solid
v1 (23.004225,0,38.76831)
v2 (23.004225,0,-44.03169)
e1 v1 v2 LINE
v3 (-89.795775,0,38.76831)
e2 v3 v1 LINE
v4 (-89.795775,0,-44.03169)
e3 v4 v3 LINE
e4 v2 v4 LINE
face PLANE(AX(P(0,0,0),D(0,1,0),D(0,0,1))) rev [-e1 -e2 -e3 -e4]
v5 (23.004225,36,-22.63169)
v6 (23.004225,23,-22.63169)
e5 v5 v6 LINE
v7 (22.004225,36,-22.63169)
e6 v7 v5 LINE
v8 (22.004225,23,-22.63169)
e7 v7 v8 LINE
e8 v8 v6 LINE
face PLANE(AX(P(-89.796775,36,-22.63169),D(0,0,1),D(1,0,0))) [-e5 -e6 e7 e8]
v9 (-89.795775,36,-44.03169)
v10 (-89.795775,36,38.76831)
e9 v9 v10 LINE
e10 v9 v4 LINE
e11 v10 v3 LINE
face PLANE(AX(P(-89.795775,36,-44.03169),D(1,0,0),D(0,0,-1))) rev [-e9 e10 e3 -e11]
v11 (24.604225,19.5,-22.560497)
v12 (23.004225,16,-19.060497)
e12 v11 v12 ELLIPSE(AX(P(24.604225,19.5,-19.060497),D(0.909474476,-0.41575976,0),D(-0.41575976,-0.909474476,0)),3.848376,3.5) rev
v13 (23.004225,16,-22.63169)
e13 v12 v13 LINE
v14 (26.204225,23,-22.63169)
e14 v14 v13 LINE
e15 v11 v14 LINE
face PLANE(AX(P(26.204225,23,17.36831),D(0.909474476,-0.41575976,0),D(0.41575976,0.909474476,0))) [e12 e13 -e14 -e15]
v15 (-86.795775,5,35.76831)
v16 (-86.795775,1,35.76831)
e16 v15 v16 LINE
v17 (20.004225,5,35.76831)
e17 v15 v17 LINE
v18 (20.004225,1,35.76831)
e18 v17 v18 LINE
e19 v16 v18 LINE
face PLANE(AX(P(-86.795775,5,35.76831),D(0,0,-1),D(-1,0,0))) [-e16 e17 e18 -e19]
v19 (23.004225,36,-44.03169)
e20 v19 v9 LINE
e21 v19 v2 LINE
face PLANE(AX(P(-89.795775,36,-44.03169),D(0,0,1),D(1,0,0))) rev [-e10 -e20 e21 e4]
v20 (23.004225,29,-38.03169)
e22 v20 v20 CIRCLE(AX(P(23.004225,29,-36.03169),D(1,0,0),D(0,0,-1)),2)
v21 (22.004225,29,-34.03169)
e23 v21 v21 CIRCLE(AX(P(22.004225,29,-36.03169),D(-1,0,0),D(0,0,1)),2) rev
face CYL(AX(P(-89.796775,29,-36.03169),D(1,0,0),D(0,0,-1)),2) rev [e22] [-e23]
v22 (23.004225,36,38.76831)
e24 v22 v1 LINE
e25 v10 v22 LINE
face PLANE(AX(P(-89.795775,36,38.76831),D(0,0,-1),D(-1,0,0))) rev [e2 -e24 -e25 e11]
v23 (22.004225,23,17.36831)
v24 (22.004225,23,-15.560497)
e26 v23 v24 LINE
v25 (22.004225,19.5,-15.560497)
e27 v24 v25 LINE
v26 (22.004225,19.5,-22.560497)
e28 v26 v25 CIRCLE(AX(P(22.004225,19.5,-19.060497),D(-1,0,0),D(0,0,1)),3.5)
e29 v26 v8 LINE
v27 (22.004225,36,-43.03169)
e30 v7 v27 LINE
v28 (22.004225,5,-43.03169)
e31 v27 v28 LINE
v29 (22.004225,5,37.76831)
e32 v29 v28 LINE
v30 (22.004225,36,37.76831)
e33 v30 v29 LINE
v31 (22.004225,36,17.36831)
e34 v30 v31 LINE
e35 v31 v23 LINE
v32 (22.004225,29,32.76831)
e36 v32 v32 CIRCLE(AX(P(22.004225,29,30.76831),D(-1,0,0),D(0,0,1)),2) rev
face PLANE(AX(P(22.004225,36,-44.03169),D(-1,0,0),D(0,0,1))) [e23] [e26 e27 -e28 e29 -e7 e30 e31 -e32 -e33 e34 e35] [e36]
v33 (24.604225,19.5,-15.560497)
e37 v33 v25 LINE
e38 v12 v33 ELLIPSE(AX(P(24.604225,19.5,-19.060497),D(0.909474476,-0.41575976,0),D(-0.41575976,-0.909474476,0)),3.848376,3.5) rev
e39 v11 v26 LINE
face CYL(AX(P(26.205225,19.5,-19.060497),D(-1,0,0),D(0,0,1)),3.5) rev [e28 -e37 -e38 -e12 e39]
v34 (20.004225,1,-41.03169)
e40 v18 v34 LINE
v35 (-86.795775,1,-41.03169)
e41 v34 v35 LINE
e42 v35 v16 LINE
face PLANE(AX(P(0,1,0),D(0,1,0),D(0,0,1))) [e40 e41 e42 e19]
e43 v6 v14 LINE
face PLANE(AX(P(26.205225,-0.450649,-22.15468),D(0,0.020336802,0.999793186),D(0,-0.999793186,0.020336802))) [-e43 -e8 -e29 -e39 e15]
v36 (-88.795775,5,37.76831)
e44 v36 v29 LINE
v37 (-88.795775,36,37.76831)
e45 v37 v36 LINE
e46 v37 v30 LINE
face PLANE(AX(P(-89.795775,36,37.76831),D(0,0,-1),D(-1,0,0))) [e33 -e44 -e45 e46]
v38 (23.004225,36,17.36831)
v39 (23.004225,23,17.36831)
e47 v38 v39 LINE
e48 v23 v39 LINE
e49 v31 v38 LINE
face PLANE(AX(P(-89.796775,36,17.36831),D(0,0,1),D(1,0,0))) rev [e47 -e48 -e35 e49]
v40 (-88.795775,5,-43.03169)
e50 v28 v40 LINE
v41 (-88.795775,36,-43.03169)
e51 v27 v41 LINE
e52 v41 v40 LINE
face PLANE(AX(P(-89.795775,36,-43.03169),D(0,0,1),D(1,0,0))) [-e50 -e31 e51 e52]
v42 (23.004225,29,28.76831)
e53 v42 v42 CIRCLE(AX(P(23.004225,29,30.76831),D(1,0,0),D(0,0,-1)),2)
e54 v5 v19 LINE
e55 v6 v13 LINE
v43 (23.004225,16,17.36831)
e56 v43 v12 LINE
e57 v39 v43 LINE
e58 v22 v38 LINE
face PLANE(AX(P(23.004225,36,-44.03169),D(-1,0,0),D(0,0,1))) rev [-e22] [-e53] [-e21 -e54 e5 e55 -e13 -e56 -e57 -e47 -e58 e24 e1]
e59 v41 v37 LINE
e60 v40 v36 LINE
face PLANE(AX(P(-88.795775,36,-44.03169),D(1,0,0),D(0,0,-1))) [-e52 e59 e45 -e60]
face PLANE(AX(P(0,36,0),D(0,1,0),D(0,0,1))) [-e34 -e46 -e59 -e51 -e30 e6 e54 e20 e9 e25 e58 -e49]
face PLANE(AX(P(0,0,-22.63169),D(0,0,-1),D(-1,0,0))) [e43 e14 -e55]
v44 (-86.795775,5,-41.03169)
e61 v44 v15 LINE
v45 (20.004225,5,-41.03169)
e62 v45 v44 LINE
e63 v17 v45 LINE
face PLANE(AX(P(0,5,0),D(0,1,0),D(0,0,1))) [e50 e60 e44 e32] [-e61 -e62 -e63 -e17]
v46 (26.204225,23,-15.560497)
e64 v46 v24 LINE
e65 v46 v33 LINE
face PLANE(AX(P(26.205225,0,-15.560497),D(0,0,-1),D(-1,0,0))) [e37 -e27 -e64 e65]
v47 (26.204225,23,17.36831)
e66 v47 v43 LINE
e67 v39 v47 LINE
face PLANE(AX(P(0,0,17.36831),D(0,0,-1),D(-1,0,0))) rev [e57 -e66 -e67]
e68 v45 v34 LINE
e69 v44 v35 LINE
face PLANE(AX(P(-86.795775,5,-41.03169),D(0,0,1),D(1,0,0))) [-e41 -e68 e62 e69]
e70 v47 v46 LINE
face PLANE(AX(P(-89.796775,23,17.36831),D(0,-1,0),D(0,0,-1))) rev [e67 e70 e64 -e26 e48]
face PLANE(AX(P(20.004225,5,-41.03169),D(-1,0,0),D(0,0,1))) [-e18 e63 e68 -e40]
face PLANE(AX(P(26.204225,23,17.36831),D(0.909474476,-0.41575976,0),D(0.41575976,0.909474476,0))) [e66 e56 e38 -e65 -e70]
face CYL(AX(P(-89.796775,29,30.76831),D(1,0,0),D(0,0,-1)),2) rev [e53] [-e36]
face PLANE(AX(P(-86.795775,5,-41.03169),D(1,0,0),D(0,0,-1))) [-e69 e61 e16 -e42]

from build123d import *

# Parameters (mm, degrees)
SKETCH1_W           = 112.8
SKETCH1_H           = 82.8
BOSS_EXTRUDE2_DEPTH = 36
SHELL1_T            = -1
SKETCH2_W           = 110.8
SKETCH2_H           = 80.8
SKETCH2_W_2         = 106.8
SKETCH2_H_2         = 76.8
BOSS_EXTRUDE3_DEPTH = 4
CUT_EXTRUDE1_REACH  = 114.8
SKETCH3_W           = 40
SKETCH3_H           = 13
BOSS_EXTRUDE4_DEPTH = 40
CUT_EXTRUDE2_REACH  = 6.2
CUT_EXTRUDE3_REACH  = 114.8
SKETCH7_R           = 2


with BuildPart() as part:
    # Sketch1 → Boss-Extrude2 (new body)
    with BuildSketch(Plane(origin=(0, 0, 0), x_dir=(1, 0, 0), z_dir=(0, 1, 0))):
        with Locations((-33.395774648, 2.631690141)):
            Rectangle(SKETCH1_W, SKETCH1_H)
    extrude(amount=BOSS_EXTRUDE2_DEPTH)

    # Shell1
    shell1_openings = [part.faces().sort_by_distance(p)[0] for p in [
        (-33.395774648, 36, -2.631690141),
    ]]
    offset(amount=SHELL1_T, openings=shell1_openings, kind=Kind.INTERSECTION)

    # Sketch2 → Boss-Extrude3 (add)
    with BuildSketch(Plane(origin=(0, 1, 0), x_dir=(1, 0, 0), z_dir=(0, 1, 0))):
        with Locations((-33.395774648, 2.631690141)):
            Rectangle(SKETCH2_W, SKETCH2_H)
        with Locations((-33.395774648, 2.631690141)):
            Rectangle(SKETCH2_W_2, SKETCH2_H_2, mode=Mode.SUBTRACT)
    extrude(amount=BOSS_EXTRUDE3_DEPTH)

    # Sketch3 → Cut-Extrude1 (cut, up to next)
    with BuildSketch(Plane(origin=(23.004225352, 0, 0), x_dir=(0, 0, -1), z_dir=(1, 0, 0)), mode=Mode.PRIVATE) as cut_extrude1_sk1:
        with Locations((2.631690141, 29.5)):
            Rectangle(SKETCH3_W, SKETCH3_H)
    cut_extrude1_tool1 = extrude(cut_extrude1_sk1.sketch, amount=-CUT_EXTRUDE1_REACH, mode=Mode.PRIVATE) & part.part
    add(cut_extrude1_tool1.solids().sort_by_distance((23.004225, 29.5, -2.63169))[0], mode=Mode.SUBTRACT)

    # Sketch4 → Boss-Extrude4 (add)
    with BuildSketch(Plane.XY.offset(-22.631690141)):
        Polygon((23.004225352, 23), (23.004225352, 16), (26.204225352, 23), align=None)
    extrude(amount=BOSS_EXTRUDE4_DEPTH)

    # Sketch6 → Cut-Extrude2 (cut, up to next)
    with BuildSketch(Plane.ZY.offset(-22.004225352), mode=Mode.PRIVATE) as cut_extrude2_sk1:
        with BuildLine():
            Line((-22.631690141, 23), (-22.560496611, 19.5))
            ThreePointArc((-22.560496611, 19.5), (-19.060496611, 16), (-15.560496611, 19.5))
            Line((-15.560496611, 19.5), (-15.560496611, 23))
            Line((-15.560496611, 23), (-22.631690141, 23))
        make_face()
    cut_extrude2_tool1 = extrude(cut_extrude2_sk1.sketch, amount=-CUT_EXTRUDE2_REACH, mode=Mode.PRIVATE) & part.part
    add(cut_extrude2_tool1.solids().sort_by_distance((22.004225, 19.832424, -19.070505))[0], mode=Mode.SUBTRACT)

    # Sketch7 → Cut-Extrude3 (cut, up to next)
    with BuildSketch(Plane(origin=(23.004225352, 0, 0), x_dir=(0, 0, -1), z_dir=(1, 0, 0)), mode=Mode.PRIVATE) as cut_extrude3_sk1:
        with Locations((36.031690141, 29)):
            Circle(SKETCH7_R)
    cut_extrude3_tool1 = extrude(cut_extrude3_sk1.sketch, amount=-CUT_EXTRUDE3_REACH, mode=Mode.PRIVATE) & part.part
    add(cut_extrude3_tool1.solids().sort_by_distance((23.004225, 29, -36.03169))[0], mode=Mode.SUBTRACT)
    # Sketch7 → Cut-Extrude3 (cut, up to next)
    with BuildSketch(Plane(origin=(23.004225352, 0, 0), x_dir=(0, 0, -1), z_dir=(1, 0, 0)), mode=Mode.PRIVATE) as cut_extrude3_sk2:
        with Locations((-30.768309859, 29)):
            Circle(SKETCH7_R)
    cut_extrude3_tool2 = extrude(cut_extrude3_sk2.sketch, amount=-CUT_EXTRUDE3_REACH, mode=Mode.PRIVATE) & part.part
    add(cut_extrude3_tool2.solids().sort_by_distance((23.004225, 29, 30.76831))[0], mode=Mode.SUBTRACT)


solid = part.part
